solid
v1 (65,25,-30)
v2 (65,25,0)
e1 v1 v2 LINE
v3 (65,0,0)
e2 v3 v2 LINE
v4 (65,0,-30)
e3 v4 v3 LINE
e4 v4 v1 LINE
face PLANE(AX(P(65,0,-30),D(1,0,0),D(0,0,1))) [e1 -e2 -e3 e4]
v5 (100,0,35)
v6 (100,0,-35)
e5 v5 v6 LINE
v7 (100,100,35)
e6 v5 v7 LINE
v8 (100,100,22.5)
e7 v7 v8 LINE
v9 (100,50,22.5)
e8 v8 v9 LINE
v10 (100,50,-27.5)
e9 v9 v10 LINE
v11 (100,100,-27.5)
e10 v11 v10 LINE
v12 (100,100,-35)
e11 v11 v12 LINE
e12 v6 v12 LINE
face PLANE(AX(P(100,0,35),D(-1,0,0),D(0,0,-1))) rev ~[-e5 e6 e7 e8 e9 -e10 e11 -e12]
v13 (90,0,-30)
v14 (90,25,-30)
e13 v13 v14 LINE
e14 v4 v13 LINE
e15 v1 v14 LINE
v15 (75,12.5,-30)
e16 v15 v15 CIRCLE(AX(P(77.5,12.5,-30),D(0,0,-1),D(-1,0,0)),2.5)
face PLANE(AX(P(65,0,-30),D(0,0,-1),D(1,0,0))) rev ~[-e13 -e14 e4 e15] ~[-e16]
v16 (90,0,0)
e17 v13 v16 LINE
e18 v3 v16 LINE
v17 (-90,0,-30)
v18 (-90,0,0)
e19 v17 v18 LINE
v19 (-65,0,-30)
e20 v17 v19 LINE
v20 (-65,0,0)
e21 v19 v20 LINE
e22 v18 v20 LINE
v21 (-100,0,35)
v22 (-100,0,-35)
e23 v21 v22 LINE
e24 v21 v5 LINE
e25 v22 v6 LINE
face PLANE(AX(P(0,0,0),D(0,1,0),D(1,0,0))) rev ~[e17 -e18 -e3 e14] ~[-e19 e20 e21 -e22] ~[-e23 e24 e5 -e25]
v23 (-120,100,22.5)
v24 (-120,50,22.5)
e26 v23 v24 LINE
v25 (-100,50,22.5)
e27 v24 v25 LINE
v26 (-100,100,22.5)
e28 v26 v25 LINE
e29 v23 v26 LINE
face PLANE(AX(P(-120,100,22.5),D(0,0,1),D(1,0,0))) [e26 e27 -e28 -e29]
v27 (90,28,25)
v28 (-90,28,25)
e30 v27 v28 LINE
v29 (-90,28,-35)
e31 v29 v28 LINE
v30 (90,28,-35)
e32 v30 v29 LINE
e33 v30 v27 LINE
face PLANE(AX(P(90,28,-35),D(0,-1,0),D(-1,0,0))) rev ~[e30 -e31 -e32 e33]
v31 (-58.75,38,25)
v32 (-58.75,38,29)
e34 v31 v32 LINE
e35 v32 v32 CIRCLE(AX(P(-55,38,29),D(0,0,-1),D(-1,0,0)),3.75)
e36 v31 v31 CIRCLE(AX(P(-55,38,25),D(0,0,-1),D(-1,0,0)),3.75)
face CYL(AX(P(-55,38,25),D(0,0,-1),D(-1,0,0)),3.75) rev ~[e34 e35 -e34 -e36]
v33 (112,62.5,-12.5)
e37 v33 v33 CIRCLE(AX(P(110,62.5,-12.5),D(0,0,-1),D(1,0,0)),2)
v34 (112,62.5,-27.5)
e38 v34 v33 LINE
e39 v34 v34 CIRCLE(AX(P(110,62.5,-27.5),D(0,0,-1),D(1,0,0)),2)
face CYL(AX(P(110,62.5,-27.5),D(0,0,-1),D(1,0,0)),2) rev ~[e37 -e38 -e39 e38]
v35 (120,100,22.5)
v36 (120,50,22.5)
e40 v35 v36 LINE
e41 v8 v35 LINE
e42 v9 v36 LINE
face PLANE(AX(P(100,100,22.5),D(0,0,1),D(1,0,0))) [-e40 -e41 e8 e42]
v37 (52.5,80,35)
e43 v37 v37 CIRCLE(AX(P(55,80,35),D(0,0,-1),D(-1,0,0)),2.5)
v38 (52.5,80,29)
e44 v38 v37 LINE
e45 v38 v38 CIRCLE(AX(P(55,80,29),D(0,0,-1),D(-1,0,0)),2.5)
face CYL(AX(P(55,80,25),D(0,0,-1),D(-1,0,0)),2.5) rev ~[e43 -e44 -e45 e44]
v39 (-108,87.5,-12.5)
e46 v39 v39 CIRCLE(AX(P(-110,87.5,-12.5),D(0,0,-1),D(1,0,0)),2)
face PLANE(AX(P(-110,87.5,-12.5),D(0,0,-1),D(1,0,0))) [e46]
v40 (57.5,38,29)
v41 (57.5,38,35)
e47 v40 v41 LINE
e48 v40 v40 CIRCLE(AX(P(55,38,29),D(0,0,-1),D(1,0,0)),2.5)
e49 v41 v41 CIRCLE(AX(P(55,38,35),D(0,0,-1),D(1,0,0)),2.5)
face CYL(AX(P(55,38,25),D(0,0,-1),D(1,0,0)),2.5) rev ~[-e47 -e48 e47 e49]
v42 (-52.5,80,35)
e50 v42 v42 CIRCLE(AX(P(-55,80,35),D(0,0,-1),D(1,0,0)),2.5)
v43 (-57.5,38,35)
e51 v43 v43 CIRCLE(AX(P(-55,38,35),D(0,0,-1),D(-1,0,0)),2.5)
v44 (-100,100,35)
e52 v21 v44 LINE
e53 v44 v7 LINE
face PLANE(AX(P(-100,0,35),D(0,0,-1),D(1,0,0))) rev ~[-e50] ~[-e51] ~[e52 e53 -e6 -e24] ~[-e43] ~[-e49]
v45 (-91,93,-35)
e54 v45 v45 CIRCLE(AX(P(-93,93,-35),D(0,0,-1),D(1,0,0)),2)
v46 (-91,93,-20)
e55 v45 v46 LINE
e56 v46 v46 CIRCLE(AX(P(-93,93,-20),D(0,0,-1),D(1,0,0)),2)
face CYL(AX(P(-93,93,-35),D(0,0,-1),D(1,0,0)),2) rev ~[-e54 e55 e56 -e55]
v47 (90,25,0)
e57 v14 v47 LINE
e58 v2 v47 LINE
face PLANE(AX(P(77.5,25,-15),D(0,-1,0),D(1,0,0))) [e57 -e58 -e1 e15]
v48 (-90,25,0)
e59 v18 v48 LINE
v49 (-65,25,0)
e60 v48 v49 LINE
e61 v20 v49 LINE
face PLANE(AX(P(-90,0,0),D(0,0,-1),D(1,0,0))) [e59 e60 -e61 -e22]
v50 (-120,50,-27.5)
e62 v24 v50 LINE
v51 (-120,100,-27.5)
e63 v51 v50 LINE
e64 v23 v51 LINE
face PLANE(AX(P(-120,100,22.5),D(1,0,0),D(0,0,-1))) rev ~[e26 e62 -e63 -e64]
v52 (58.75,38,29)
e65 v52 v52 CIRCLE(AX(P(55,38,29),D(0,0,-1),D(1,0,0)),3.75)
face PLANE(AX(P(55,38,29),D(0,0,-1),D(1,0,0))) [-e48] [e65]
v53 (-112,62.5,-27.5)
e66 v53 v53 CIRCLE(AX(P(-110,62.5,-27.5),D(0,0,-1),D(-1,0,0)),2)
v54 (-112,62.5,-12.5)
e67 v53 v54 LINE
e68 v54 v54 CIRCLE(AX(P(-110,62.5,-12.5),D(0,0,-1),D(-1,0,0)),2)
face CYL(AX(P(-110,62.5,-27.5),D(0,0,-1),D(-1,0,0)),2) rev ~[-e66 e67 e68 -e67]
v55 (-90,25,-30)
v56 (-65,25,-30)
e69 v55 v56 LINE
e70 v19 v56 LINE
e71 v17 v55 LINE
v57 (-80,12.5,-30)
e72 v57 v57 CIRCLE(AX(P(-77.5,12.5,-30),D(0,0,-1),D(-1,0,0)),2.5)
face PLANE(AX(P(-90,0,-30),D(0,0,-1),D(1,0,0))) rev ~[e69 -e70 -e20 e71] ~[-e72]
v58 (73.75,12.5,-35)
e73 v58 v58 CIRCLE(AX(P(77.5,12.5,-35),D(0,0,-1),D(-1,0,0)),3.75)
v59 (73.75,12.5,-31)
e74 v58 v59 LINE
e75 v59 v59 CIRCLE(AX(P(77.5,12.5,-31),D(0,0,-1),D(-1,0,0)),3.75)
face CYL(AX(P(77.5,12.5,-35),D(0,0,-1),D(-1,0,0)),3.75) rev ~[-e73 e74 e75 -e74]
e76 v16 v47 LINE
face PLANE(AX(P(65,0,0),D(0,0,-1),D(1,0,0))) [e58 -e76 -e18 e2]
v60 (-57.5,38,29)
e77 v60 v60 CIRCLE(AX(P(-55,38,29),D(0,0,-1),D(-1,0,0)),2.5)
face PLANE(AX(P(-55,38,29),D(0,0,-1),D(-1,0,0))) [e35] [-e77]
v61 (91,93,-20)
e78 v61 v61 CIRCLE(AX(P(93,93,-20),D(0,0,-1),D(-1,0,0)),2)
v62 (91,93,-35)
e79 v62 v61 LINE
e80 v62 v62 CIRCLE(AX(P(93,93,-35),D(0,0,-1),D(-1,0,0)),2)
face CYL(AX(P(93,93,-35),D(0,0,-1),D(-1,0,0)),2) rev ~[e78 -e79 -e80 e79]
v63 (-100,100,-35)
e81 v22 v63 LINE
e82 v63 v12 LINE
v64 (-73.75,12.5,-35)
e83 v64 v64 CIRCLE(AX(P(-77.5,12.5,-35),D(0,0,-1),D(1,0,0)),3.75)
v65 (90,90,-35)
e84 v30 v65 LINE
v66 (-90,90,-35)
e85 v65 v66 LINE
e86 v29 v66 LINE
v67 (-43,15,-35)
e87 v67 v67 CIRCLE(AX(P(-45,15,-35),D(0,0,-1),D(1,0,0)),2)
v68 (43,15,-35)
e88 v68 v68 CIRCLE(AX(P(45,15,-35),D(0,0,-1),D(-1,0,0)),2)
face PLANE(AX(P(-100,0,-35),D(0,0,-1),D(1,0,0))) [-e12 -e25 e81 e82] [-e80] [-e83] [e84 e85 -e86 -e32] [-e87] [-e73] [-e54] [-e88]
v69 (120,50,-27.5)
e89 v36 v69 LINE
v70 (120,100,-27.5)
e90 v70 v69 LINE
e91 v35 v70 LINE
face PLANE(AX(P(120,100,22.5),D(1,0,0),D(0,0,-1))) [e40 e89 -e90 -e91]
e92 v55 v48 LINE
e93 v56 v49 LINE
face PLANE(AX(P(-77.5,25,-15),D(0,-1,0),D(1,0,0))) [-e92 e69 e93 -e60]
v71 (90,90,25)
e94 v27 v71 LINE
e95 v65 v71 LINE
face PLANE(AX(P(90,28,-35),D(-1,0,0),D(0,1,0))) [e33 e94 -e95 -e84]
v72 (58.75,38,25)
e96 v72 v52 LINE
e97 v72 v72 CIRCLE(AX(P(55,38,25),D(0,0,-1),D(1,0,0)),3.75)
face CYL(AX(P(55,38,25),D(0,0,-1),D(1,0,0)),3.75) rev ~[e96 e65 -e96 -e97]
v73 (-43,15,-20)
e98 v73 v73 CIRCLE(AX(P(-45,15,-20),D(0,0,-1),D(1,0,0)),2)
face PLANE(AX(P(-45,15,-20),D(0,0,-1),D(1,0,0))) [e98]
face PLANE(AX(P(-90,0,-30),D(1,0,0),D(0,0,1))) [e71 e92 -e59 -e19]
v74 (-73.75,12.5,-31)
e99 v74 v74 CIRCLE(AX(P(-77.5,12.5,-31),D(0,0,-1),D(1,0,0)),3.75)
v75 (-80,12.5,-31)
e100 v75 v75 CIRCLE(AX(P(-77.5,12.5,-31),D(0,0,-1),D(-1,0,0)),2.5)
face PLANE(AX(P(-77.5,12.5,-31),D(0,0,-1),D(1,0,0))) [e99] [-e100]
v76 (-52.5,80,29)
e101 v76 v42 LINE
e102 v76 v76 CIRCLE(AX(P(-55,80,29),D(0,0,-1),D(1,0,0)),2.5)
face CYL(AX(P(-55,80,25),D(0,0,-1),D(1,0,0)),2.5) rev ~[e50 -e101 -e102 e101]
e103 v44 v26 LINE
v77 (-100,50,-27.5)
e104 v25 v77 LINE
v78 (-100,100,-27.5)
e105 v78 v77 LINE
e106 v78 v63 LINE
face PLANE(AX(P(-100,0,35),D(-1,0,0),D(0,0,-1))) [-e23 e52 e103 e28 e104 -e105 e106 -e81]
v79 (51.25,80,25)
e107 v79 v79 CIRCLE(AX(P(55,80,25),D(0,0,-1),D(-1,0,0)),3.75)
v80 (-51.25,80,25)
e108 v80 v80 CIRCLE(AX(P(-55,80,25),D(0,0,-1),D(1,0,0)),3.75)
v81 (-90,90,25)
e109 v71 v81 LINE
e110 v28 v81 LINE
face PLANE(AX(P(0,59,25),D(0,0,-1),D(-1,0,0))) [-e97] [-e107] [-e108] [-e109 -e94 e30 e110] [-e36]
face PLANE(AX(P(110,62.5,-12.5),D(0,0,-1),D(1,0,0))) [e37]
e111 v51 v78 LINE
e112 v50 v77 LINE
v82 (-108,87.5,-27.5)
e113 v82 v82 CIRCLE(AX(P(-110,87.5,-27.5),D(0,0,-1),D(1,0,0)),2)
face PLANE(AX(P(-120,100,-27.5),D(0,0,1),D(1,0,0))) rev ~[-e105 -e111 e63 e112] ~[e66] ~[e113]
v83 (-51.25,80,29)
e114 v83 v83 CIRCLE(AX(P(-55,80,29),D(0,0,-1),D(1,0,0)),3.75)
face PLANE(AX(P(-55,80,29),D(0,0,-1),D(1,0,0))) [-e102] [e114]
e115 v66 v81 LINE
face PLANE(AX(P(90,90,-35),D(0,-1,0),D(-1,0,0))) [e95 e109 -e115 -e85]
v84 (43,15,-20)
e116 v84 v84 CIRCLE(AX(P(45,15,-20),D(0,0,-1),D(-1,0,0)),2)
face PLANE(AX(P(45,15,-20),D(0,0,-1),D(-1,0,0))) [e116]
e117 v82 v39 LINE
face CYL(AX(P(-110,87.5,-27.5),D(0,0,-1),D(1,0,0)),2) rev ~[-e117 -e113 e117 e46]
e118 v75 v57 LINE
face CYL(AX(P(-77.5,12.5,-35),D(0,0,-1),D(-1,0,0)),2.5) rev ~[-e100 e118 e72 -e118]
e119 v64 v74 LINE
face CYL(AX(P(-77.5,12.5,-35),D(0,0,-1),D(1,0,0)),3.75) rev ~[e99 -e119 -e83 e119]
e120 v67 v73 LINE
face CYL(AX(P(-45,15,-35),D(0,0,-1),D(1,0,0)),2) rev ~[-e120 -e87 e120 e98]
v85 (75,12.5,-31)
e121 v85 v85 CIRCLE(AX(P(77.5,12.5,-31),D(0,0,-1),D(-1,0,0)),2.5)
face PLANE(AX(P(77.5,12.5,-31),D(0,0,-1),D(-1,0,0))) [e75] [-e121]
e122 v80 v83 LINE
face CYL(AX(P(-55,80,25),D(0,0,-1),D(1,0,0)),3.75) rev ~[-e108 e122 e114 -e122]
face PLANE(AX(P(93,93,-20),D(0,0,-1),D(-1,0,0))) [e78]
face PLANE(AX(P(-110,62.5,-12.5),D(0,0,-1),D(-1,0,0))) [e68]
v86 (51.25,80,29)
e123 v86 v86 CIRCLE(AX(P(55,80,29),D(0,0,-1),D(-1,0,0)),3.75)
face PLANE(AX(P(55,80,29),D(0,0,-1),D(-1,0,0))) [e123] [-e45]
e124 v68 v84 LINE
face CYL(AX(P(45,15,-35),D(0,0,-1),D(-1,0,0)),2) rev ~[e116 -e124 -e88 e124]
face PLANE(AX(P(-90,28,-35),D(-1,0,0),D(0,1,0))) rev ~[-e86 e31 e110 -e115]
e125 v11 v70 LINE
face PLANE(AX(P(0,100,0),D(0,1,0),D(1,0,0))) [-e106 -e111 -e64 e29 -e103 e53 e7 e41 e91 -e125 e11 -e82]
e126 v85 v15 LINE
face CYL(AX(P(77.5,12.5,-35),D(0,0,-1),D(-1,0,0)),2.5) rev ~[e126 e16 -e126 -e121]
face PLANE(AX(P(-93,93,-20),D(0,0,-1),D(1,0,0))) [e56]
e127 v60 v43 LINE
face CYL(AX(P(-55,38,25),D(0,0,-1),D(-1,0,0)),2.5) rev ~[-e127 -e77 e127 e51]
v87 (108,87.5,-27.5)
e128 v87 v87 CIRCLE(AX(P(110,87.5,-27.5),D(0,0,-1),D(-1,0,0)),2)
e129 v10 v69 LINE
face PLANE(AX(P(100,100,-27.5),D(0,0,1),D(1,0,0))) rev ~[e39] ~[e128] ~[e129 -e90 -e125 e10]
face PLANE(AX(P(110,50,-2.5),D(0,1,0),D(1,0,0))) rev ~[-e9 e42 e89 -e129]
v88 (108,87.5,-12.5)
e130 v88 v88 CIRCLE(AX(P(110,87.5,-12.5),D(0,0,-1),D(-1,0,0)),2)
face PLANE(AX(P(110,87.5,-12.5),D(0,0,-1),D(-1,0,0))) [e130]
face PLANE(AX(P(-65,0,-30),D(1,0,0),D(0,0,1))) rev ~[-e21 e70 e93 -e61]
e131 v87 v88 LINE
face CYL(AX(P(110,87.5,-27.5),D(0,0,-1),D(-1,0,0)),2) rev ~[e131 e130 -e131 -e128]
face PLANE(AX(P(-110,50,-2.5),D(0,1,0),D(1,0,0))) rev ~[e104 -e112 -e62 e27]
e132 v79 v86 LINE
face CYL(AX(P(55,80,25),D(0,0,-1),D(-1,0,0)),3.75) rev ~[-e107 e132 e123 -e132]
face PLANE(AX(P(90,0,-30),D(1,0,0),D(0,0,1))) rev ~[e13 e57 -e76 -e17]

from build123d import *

# Parameters (mm, degrees)
SKETCH1_W           = 200
SKETCH1_H           = 70
BOSS_EXTRUDE1_DEPTH = 100
SKETCH2_W           = 20
SKETCH2_H           = 50
BOSS_EXTRUDE3_DEPTH = 50
SKETCH3_W           = 25
SKETCH3_H           = 30
CUT_EXTRUDE1_DEPTH  = 25
SKETCH4_R           = 2.5
CUT_EXTRUDE2_DEPTH  = 15
SKETCH5_R           = 3.75
CUT_EXTRUDE3_DEPTH  = 4
SKETCH6_R           = 2
CUT_EXTRUDE4_DEPTH  = 15
SKETCH7_W           = 180
SKETCH7_H           = 62
CUT_EXTRUDE5_DEPTH  = 60
SKETCH8_R           = 2
CUT_EXTRUDE6_DEPTH  = 15
SKETCH9_R           = 2.5
CUT_EXTRUDE7_DEPTH  = 168.332005307
SKETCH10_R          = 3.75
CUT_EXTRUDE8_DEPTH  = 4


with BuildPart() as part:
    # Sketch1 → Boss-Extrude1 (new body)
    with BuildSketch(Plane(origin=(0, 0, 0), x_dir=(1, 0, 0), z_dir=(0, 1, 0))):
        Rectangle(SKETCH1_W, SKETCH1_H)
    extrude(amount=BOSS_EXTRUDE1_DEPTH)

    # Sketch2 → Boss-Extrude3 (add)
    with BuildSketch(Plane(origin=(0, 100, 0), x_dir=(1, 0, 0), z_dir=(0, 1, 0))):
        with Locations((-110, 2.5)):
            Rectangle(SKETCH2_W, SKETCH2_H)
        with Locations((110, 2.5)):
            Rectangle(SKETCH2_W, SKETCH2_H)
    extrude(amount=-BOSS_EXTRUDE3_DEPTH)

    # Sketch3 → Cut-Extrude1 (cut)
    with BuildSketch(Plane.XZ):
        with Locations((77.5, -15)):
            Rectangle(SKETCH3_W, SKETCH3_H)
        with Locations((-77.5, -15)):
            Rectangle(SKETCH3_W, SKETCH3_H)
    extrude(amount=-CUT_EXTRUDE1_DEPTH, mode=Mode.SUBTRACT)

    # Sketch4 → Cut-Extrude2 (cut)
    with BuildSketch(Plane(origin=(0, 0, -35), x_dir=(-1, 0, 0), z_dir=(0, 0, -1))):
        with Locations((-77.5, 12.5)):
            Circle(SKETCH4_R)
        with Locations((77.5, 12.5)):
            Circle(SKETCH4_R)
    extrude(amount=-CUT_EXTRUDE2_DEPTH, mode=Mode.SUBTRACT)

    # Sketch5 → Cut-Extrude3 (cut)
    with BuildSketch(Plane(origin=(0, 0, -35), x_dir=(-1, 0, 0), z_dir=(0, 0, -1))):
        with Locations((-77.5, 12.5)):
            Circle(SKETCH5_R)
        with Locations(Location((77.5, 12.5, 0), (0, 0, 180))):
            Circle(SKETCH5_R)
    extrude(amount=-CUT_EXTRUDE3_DEPTH, mode=Mode.SUBTRACT)

    # Sketch6 → Cut-Extrude4 (cut)
    with BuildSketch(Plane(origin=(0, 0, -27.5), x_dir=(-1, 0, 0), z_dir=(0, 0, -1))):
        with Locations((-110, 87.5)):
            Circle(SKETCH6_R)
        with Locations(Location((-110, 62.5, 0), (0, 0, 180))):
            Circle(SKETCH6_R)
        with Locations((110, 62.5)):
            Circle(SKETCH6_R)
        with Locations(Location((110, 87.5, 0), (0, 0, 180))):
            Circle(SKETCH6_R)
    extrude(amount=-CUT_EXTRUDE4_DEPTH, mode=Mode.SUBTRACT)

    # Sketch7 → Cut-Extrude5 (cut)
    with BuildSketch(Plane(origin=(0, 0, -35), x_dir=(-1, 0, 0), z_dir=(0, 0, -1))):
        with Locations((0, 59)):
            Rectangle(SKETCH7_W, SKETCH7_H)
    extrude(amount=-CUT_EXTRUDE5_DEPTH, mode=Mode.SUBTRACT)

    # Sketch8 → Cut-Extrude6 (cut)
    with BuildSketch(Plane(origin=(0, 0, -35), x_dir=(-1, 0, 0), z_dir=(0, 0, -1))):
        with Locations((-45, 15)):
            Circle(SKETCH8_R)
        with Locations(Location((45, 15, 0), (0, 0, 180))):
            Circle(SKETCH8_R)
        with Locations((-93, 93)):
            Circle(SKETCH8_R)
        with Locations(Location((93, 93, 0), (0, 0, 180))):
            Circle(SKETCH8_R)
    extrude(amount=-CUT_EXTRUDE6_DEPTH, mode=Mode.SUBTRACT)

    # Sketch9 → Cut-Extrude7 (cut, through all)
    with BuildSketch(Plane(origin=(0, 0, 25), x_dir=(-1, 0, 0), z_dir=(0, 0, -1))):
        with Locations((-55, 80)):
            Circle(SKETCH9_R)
        with Locations(Location((55, 80, 0), (0, 0, 180))):
            Circle(SKETCH9_R)
        with Locations((55, 38)):
            Circle(SKETCH9_R)
        with Locations(Location((-55, 38, 0), (0, 0, 180))):
            Circle(SKETCH9_R)
    extrude(amount=-CUT_EXTRUDE7_DEPTH, mode=Mode.SUBTRACT)

    # Sketch10 → Cut-Extrude8 (cut)
    with BuildSketch(Plane(origin=(0, 0, 25), x_dir=(-1, 0, 0), z_dir=(0, 0, -1))):
        with Locations((-55, 80)):
            Circle(SKETCH10_R)
        with Locations(Location((-55, 38, 0), (0, 0, 180))):
            Circle(SKETCH10_R)
        with Locations((55, 38)):
            Circle(SKETCH10_R)
        with Locations(Location((55, 80, 0), (0, 0, 180))):
            Circle(SKETCH10_R)
    extrude(amount=-CUT_EXTRUDE8_DEPTH, mode=Mode.SUBTRACT)


solid = part.part
